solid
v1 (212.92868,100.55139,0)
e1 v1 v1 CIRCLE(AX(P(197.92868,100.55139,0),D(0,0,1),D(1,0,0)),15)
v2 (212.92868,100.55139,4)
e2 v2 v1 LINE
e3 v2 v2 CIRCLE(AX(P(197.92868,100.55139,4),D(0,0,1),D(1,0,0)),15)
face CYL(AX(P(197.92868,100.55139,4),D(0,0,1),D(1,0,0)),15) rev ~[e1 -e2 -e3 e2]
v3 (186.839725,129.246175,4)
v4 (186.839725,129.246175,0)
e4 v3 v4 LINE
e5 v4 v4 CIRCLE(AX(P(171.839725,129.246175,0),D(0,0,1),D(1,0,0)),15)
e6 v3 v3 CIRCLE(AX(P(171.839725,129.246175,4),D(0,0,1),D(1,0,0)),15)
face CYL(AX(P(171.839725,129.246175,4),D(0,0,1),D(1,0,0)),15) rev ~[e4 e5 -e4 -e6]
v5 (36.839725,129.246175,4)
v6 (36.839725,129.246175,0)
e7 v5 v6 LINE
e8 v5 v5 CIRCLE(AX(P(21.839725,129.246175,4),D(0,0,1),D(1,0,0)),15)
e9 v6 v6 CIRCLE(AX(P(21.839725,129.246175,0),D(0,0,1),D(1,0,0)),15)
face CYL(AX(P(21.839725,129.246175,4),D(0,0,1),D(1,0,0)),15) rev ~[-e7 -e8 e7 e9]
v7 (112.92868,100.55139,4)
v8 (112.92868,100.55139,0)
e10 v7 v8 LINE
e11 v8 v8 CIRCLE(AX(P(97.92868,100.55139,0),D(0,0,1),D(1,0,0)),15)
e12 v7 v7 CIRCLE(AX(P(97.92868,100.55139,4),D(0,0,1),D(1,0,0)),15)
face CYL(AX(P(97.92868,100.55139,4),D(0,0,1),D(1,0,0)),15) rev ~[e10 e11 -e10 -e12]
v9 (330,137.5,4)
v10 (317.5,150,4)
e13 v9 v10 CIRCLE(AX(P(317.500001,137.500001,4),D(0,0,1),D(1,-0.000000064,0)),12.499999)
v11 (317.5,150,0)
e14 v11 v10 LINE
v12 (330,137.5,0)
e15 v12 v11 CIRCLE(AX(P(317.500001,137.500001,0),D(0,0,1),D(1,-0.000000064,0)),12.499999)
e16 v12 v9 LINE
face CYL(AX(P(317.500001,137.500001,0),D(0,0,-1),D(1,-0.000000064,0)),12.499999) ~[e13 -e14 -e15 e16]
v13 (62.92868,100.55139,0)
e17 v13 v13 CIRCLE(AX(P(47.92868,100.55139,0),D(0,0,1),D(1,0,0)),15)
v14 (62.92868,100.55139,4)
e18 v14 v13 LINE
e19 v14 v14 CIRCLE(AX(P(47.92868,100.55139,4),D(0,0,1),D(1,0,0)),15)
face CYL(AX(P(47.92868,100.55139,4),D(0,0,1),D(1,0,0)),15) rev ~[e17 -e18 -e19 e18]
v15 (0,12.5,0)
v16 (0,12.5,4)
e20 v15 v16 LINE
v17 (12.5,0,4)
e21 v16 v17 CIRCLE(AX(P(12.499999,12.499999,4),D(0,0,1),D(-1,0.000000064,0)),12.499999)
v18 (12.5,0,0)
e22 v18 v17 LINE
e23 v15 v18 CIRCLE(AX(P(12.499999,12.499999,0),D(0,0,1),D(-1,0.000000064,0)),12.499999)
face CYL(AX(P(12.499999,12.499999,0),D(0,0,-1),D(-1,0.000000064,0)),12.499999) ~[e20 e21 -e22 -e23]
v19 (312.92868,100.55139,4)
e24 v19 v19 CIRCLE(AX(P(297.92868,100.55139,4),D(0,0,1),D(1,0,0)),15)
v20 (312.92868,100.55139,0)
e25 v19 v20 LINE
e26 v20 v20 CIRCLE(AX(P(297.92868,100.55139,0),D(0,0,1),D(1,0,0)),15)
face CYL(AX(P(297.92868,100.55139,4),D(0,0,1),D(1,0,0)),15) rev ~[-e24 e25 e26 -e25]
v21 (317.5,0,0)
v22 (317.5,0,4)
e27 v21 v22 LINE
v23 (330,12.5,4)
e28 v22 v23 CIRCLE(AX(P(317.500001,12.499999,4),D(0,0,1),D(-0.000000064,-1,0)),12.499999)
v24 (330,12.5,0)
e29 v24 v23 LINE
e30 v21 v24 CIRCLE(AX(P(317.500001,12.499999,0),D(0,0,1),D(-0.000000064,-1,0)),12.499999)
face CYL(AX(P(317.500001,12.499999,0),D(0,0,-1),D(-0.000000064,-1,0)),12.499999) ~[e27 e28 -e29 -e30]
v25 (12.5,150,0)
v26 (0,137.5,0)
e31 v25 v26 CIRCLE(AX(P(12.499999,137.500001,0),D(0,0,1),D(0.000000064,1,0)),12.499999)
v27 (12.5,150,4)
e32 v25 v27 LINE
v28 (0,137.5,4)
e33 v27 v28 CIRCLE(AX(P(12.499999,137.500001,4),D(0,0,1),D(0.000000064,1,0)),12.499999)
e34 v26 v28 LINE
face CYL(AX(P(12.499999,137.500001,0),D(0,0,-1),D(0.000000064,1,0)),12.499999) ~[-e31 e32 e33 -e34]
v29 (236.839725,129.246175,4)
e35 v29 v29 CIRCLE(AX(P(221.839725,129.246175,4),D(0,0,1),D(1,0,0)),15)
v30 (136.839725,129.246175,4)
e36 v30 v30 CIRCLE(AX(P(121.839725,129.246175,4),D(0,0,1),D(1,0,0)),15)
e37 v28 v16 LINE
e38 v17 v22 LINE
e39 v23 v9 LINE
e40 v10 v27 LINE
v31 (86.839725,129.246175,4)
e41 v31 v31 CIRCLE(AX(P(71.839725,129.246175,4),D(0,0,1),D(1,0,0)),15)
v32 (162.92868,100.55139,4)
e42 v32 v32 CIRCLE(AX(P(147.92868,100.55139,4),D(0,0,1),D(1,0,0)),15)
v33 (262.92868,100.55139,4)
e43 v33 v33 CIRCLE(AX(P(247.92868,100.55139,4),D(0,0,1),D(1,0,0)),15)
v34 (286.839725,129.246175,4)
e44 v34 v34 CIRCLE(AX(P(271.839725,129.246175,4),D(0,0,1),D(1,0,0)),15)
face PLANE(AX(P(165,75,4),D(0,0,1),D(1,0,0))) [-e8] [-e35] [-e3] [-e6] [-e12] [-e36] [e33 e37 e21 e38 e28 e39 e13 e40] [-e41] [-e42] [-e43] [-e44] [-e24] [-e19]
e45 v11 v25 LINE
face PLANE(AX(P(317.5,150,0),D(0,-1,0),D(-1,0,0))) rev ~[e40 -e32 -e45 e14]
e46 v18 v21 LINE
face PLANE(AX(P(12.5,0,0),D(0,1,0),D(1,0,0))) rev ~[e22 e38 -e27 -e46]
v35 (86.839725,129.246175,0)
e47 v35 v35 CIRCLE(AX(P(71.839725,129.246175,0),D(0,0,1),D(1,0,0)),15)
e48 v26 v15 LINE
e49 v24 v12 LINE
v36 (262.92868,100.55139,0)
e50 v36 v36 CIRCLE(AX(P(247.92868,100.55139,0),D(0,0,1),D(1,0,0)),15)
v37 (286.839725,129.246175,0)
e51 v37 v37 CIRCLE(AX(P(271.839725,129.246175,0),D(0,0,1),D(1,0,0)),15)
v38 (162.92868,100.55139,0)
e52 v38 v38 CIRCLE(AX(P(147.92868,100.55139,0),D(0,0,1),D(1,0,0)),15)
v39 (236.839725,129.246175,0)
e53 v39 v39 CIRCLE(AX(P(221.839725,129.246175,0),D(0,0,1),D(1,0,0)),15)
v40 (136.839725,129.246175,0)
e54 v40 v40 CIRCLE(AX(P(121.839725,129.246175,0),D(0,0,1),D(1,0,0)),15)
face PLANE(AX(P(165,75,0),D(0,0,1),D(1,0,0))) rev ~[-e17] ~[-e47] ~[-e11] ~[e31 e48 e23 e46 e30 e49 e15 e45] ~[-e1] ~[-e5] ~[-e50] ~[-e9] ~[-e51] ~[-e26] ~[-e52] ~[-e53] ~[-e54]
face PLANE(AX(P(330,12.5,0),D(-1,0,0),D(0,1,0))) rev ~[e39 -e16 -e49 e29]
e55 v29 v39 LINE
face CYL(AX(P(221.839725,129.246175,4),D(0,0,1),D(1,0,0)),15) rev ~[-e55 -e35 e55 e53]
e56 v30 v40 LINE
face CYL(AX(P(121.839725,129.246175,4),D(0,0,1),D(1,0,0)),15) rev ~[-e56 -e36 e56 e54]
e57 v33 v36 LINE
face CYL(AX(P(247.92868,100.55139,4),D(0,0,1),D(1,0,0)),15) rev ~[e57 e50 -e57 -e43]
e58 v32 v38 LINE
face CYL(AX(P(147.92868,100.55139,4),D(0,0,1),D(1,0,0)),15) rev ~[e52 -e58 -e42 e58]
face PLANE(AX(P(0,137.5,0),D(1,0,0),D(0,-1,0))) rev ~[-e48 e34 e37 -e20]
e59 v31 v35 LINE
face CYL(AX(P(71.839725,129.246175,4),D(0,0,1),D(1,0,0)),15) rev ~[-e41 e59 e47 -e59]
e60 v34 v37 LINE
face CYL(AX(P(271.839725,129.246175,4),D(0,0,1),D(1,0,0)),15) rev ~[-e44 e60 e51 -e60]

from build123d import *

# Parameters (mm, degrees)
F1_DEPTH = 4
F2_R     = 15
F3_DEPTH = 25


with BuildPart() as f1:
    # F0 (on Top) → F1 (new body)
    with BuildSketch(Plane.XY):
        with BuildLine():
            ThreePointArc((0, 12.5), (3.661165, 3.661165), (12.5, 0))
            Line((12.5, 0), (317.5, 0))
            ThreePointArc((317.5, 0), (326.338835, 3.661165), (330, 12.5))
            Line((330, 12.5), (330, 137.5))
            ThreePointArc((330, 137.5), (326.338835, 146.338835), (317.5, 150))
            Line((317.5, 150), (12.5, 150))
            ThreePointArc((12.5, 150), (3.661165, 146.338835), (0, 137.5))
            Line((0, 137.5), (0, 12.5))
        make_face()
    extrude(amount=F1_DEPTH)

    # F2 (on face) → F3 (cut)
    with BuildSketch(Plane.XY.offset(4)):
        with Locations((21.839725, 129.246175)):
            Circle(F2_R)
        with Locations((71.839725, 129.246175)):
            Circle(F2_R)
        with Locations((121.839725, 129.246175)):
            Circle(F2_R)
        with Locations((171.839725, 129.246175)):
            Circle(F2_R)
        with Locations((221.839725, 129.246175)):
            Circle(F2_R)
        with Locations((271.839725, 129.246175)):
            Circle(F2_R)
        with Locations((47.92868, 100.55139)):
            Circle(F2_R)
        with Locations((97.92868, 100.55139)):
            Circle(F2_R)
        with Locations((147.92868, 100.55139)):
            Circle(F2_R)
        with Locations((197.92868, 100.55139)):
            Circle(F2_R)
        with Locations((247.92868, 100.55139)):
            Circle(F2_R)
        with Locations((297.92868, 100.55139)):
            Circle(F2_R)
    extrude(amount=-F3_DEPTH, mode=Mode.SUBTRACT)


solid = f1.part
